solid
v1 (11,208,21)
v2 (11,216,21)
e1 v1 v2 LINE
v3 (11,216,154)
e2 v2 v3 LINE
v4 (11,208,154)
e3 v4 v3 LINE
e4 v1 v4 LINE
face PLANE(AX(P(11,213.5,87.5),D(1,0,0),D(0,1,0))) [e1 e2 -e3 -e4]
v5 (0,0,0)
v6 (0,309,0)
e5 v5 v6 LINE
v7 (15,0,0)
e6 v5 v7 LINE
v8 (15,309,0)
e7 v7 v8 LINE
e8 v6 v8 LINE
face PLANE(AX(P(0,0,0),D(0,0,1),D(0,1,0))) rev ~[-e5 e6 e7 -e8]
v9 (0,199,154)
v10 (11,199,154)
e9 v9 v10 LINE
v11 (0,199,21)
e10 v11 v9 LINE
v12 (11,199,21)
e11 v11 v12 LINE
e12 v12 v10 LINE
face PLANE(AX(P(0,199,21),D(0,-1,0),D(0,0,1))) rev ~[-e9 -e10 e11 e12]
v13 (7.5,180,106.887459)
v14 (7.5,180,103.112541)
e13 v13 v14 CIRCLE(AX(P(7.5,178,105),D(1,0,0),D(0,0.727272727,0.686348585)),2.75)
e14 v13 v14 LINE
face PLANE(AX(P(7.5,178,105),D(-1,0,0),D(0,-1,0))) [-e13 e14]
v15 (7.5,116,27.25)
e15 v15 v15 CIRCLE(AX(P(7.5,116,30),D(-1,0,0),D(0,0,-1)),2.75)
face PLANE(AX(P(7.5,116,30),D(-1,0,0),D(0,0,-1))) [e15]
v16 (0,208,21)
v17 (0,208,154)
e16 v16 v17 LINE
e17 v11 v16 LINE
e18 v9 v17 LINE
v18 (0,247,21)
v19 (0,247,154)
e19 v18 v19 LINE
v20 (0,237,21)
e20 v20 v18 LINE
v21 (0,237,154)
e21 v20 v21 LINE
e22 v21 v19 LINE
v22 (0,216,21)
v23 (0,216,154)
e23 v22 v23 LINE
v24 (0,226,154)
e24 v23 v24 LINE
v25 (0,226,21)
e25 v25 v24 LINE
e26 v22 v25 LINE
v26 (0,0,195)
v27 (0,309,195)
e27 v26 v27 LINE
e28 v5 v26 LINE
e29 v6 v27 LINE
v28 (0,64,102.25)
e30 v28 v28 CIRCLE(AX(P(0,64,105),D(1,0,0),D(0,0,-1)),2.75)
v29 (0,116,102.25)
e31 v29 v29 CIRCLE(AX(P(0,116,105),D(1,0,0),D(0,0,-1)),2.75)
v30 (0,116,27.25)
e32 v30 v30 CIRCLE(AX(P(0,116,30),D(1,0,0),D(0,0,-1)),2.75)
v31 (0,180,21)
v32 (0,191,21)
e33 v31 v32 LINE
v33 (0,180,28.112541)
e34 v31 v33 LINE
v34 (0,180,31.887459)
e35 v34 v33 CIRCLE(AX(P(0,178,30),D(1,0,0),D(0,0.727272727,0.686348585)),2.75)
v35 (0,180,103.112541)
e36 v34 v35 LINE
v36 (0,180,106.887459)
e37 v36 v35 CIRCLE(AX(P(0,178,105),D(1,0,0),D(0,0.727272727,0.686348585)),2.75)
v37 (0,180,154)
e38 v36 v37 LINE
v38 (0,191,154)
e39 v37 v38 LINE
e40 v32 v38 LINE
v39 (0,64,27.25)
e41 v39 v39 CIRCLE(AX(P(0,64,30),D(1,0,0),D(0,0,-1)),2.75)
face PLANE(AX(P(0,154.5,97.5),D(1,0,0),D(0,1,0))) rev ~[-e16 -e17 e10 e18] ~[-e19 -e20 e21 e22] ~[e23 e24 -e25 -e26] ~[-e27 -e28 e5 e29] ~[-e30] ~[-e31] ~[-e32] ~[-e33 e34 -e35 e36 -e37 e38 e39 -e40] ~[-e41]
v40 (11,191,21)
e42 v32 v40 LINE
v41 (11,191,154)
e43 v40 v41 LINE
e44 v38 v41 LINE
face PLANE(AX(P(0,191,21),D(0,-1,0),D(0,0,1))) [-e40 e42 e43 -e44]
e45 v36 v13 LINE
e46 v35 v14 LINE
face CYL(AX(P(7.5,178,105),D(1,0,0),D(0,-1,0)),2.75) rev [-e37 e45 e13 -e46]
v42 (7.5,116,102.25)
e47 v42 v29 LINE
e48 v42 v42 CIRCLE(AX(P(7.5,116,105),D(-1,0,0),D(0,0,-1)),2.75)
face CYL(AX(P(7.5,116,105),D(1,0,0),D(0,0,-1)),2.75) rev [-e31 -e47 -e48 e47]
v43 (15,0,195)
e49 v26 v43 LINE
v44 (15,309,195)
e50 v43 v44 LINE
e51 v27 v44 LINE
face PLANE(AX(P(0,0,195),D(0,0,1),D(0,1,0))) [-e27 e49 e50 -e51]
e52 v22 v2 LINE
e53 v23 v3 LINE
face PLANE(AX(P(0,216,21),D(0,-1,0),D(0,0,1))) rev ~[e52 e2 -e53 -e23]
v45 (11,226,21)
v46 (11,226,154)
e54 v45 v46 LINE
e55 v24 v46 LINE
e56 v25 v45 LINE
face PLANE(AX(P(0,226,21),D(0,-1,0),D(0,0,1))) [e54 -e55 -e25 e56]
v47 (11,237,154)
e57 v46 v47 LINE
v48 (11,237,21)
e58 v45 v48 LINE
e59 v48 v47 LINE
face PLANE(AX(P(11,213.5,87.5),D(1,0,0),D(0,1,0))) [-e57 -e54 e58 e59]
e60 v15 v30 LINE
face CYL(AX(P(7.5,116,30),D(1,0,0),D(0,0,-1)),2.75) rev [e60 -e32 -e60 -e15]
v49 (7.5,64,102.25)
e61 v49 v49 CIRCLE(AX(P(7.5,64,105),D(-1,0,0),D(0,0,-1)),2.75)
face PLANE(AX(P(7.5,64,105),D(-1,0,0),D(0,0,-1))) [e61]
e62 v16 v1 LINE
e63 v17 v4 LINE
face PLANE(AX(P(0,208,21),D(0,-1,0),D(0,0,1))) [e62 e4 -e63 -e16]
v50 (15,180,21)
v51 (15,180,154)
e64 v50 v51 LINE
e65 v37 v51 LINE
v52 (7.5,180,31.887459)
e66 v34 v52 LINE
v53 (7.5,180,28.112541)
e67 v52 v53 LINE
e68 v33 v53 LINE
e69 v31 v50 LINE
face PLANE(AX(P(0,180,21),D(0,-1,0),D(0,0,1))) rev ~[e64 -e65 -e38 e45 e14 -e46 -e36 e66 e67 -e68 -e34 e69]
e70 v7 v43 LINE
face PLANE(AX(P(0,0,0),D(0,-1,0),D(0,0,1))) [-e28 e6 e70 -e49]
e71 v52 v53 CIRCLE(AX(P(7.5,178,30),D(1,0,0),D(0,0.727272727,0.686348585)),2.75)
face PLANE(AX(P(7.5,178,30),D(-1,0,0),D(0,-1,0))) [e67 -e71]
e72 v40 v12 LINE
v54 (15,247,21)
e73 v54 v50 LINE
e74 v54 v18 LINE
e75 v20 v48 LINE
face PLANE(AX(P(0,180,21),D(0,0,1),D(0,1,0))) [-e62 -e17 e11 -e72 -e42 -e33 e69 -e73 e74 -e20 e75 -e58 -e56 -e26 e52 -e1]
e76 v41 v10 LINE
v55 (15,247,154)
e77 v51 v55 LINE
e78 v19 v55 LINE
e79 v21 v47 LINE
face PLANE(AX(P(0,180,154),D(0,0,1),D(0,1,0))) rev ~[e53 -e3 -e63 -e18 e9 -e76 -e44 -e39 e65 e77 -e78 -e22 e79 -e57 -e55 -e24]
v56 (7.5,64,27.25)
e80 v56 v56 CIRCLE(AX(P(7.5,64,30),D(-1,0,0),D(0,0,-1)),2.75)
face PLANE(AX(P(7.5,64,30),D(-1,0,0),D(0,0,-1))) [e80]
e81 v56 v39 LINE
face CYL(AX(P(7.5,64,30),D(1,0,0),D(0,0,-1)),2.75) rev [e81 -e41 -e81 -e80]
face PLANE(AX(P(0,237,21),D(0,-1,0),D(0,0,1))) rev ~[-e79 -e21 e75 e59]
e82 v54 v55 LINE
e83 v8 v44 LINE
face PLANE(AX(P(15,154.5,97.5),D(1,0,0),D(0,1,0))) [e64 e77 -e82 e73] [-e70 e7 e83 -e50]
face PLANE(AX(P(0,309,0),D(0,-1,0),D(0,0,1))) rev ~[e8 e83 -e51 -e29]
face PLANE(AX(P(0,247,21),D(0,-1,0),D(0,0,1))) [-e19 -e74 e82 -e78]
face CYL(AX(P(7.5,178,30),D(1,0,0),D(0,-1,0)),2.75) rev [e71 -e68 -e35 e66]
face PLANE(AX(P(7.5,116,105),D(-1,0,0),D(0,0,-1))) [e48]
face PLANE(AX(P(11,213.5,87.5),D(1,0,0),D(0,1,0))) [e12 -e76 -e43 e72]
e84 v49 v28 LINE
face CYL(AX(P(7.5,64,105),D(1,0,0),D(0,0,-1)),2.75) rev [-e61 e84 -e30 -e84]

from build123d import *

# Parameters (mm, degrees)
CROQUIS1_W                 = 309
CROQUIS1_H                 = 195
CROQUIS1_W_2               = 11
CROQUIS1_H_2               = 133
CROQUIS1_W_3               = 9
CROQUIS1_W_4               = 10
SALIENTE_EXTRUIR1_DEPTH    = 15
CROQUIS2_W                 = 67
CROQUIS2_H                 = 133
CORTAR_EXTRUIR2_DEPTH      = 4
CORTAR_EXTRUIR3_DEPTH      = 366.69249377
CORTAR_EXTRUIR3_DEPTH_BACK = 7.5
CROQUIS3_R                 = 2.75


with BuildPart() as part:
    # Croquis1 → Saliente-Extruir1 (new body)
    with BuildSketch(Plane.YZ):
        with Locations((154.5, 97.5)):
            Rectangle(CROQUIS1_W, CROQUIS1_H)
        with Locations((185.5, 87.5)):
            Rectangle(CROQUIS1_W_2, CROQUIS1_H_2, mode=Mode.SUBTRACT)
        with Locations((203.5, 87.5)):
            Rectangle(CROQUIS1_W_3, CROQUIS1_H_2, mode=Mode.SUBTRACT)
        with Locations((221, 87.5)):
            Rectangle(CROQUIS1_W_4, CROQUIS1_H_2, mode=Mode.SUBTRACT)
        with Locations((242, 87.5)):
            Rectangle(CROQUIS1_W_4, CROQUIS1_H_2, mode=Mode.SUBTRACT)
    extrude(amount=SALIENTE_EXTRUIR1_DEPTH)

    # Croquis2 → Cortar-Extruir2 (cut)
    with BuildSketch(Plane.YZ.offset(15)):
        with Locations((213.5, 87.5)):
            Rectangle(CROQUIS2_W, CROQUIS2_H)
    extrude(amount=-CORTAR_EXTRUIR2_DEPTH, mode=Mode.SUBTRACT)

    # Croquis3 → Cortar-Extruir3 (cut, two sides: drawn at the far end of the back side and taken through both)
    with BuildSketch(Plane(origin=(0, 0, 0), x_dir=(0, -1, 0), z_dir=(-1, 0, 0)).offset(-CORTAR_EXTRUIR3_DEPTH_BACK)):
        with Locations(Location((-116, 105, 0), (0, 0, 270))):
            Circle(CROQUIS3_R)
        with Locations(Location((-64, 105, 0), (0, 0, 270))):
            Circle(CROQUIS3_R)
        with Locations(Location((-64, 30, 0), (0, 0, 270))):
            Circle(CROQUIS3_R)
        with Locations((-178, 105)):
            Circle(CROQUIS3_R)
        with Locations((-178, 30)):
            Circle(CROQUIS3_R)
        with Locations(Location((-116, 30, 0), (0, 0, 270))):
            Circle(CROQUIS3_R)
    extrude(amount=CORTAR_EXTRUIR3_DEPTH + CORTAR_EXTRUIR3_DEPTH_BACK, mode=Mode.SUBTRACT)


solid = part.part
